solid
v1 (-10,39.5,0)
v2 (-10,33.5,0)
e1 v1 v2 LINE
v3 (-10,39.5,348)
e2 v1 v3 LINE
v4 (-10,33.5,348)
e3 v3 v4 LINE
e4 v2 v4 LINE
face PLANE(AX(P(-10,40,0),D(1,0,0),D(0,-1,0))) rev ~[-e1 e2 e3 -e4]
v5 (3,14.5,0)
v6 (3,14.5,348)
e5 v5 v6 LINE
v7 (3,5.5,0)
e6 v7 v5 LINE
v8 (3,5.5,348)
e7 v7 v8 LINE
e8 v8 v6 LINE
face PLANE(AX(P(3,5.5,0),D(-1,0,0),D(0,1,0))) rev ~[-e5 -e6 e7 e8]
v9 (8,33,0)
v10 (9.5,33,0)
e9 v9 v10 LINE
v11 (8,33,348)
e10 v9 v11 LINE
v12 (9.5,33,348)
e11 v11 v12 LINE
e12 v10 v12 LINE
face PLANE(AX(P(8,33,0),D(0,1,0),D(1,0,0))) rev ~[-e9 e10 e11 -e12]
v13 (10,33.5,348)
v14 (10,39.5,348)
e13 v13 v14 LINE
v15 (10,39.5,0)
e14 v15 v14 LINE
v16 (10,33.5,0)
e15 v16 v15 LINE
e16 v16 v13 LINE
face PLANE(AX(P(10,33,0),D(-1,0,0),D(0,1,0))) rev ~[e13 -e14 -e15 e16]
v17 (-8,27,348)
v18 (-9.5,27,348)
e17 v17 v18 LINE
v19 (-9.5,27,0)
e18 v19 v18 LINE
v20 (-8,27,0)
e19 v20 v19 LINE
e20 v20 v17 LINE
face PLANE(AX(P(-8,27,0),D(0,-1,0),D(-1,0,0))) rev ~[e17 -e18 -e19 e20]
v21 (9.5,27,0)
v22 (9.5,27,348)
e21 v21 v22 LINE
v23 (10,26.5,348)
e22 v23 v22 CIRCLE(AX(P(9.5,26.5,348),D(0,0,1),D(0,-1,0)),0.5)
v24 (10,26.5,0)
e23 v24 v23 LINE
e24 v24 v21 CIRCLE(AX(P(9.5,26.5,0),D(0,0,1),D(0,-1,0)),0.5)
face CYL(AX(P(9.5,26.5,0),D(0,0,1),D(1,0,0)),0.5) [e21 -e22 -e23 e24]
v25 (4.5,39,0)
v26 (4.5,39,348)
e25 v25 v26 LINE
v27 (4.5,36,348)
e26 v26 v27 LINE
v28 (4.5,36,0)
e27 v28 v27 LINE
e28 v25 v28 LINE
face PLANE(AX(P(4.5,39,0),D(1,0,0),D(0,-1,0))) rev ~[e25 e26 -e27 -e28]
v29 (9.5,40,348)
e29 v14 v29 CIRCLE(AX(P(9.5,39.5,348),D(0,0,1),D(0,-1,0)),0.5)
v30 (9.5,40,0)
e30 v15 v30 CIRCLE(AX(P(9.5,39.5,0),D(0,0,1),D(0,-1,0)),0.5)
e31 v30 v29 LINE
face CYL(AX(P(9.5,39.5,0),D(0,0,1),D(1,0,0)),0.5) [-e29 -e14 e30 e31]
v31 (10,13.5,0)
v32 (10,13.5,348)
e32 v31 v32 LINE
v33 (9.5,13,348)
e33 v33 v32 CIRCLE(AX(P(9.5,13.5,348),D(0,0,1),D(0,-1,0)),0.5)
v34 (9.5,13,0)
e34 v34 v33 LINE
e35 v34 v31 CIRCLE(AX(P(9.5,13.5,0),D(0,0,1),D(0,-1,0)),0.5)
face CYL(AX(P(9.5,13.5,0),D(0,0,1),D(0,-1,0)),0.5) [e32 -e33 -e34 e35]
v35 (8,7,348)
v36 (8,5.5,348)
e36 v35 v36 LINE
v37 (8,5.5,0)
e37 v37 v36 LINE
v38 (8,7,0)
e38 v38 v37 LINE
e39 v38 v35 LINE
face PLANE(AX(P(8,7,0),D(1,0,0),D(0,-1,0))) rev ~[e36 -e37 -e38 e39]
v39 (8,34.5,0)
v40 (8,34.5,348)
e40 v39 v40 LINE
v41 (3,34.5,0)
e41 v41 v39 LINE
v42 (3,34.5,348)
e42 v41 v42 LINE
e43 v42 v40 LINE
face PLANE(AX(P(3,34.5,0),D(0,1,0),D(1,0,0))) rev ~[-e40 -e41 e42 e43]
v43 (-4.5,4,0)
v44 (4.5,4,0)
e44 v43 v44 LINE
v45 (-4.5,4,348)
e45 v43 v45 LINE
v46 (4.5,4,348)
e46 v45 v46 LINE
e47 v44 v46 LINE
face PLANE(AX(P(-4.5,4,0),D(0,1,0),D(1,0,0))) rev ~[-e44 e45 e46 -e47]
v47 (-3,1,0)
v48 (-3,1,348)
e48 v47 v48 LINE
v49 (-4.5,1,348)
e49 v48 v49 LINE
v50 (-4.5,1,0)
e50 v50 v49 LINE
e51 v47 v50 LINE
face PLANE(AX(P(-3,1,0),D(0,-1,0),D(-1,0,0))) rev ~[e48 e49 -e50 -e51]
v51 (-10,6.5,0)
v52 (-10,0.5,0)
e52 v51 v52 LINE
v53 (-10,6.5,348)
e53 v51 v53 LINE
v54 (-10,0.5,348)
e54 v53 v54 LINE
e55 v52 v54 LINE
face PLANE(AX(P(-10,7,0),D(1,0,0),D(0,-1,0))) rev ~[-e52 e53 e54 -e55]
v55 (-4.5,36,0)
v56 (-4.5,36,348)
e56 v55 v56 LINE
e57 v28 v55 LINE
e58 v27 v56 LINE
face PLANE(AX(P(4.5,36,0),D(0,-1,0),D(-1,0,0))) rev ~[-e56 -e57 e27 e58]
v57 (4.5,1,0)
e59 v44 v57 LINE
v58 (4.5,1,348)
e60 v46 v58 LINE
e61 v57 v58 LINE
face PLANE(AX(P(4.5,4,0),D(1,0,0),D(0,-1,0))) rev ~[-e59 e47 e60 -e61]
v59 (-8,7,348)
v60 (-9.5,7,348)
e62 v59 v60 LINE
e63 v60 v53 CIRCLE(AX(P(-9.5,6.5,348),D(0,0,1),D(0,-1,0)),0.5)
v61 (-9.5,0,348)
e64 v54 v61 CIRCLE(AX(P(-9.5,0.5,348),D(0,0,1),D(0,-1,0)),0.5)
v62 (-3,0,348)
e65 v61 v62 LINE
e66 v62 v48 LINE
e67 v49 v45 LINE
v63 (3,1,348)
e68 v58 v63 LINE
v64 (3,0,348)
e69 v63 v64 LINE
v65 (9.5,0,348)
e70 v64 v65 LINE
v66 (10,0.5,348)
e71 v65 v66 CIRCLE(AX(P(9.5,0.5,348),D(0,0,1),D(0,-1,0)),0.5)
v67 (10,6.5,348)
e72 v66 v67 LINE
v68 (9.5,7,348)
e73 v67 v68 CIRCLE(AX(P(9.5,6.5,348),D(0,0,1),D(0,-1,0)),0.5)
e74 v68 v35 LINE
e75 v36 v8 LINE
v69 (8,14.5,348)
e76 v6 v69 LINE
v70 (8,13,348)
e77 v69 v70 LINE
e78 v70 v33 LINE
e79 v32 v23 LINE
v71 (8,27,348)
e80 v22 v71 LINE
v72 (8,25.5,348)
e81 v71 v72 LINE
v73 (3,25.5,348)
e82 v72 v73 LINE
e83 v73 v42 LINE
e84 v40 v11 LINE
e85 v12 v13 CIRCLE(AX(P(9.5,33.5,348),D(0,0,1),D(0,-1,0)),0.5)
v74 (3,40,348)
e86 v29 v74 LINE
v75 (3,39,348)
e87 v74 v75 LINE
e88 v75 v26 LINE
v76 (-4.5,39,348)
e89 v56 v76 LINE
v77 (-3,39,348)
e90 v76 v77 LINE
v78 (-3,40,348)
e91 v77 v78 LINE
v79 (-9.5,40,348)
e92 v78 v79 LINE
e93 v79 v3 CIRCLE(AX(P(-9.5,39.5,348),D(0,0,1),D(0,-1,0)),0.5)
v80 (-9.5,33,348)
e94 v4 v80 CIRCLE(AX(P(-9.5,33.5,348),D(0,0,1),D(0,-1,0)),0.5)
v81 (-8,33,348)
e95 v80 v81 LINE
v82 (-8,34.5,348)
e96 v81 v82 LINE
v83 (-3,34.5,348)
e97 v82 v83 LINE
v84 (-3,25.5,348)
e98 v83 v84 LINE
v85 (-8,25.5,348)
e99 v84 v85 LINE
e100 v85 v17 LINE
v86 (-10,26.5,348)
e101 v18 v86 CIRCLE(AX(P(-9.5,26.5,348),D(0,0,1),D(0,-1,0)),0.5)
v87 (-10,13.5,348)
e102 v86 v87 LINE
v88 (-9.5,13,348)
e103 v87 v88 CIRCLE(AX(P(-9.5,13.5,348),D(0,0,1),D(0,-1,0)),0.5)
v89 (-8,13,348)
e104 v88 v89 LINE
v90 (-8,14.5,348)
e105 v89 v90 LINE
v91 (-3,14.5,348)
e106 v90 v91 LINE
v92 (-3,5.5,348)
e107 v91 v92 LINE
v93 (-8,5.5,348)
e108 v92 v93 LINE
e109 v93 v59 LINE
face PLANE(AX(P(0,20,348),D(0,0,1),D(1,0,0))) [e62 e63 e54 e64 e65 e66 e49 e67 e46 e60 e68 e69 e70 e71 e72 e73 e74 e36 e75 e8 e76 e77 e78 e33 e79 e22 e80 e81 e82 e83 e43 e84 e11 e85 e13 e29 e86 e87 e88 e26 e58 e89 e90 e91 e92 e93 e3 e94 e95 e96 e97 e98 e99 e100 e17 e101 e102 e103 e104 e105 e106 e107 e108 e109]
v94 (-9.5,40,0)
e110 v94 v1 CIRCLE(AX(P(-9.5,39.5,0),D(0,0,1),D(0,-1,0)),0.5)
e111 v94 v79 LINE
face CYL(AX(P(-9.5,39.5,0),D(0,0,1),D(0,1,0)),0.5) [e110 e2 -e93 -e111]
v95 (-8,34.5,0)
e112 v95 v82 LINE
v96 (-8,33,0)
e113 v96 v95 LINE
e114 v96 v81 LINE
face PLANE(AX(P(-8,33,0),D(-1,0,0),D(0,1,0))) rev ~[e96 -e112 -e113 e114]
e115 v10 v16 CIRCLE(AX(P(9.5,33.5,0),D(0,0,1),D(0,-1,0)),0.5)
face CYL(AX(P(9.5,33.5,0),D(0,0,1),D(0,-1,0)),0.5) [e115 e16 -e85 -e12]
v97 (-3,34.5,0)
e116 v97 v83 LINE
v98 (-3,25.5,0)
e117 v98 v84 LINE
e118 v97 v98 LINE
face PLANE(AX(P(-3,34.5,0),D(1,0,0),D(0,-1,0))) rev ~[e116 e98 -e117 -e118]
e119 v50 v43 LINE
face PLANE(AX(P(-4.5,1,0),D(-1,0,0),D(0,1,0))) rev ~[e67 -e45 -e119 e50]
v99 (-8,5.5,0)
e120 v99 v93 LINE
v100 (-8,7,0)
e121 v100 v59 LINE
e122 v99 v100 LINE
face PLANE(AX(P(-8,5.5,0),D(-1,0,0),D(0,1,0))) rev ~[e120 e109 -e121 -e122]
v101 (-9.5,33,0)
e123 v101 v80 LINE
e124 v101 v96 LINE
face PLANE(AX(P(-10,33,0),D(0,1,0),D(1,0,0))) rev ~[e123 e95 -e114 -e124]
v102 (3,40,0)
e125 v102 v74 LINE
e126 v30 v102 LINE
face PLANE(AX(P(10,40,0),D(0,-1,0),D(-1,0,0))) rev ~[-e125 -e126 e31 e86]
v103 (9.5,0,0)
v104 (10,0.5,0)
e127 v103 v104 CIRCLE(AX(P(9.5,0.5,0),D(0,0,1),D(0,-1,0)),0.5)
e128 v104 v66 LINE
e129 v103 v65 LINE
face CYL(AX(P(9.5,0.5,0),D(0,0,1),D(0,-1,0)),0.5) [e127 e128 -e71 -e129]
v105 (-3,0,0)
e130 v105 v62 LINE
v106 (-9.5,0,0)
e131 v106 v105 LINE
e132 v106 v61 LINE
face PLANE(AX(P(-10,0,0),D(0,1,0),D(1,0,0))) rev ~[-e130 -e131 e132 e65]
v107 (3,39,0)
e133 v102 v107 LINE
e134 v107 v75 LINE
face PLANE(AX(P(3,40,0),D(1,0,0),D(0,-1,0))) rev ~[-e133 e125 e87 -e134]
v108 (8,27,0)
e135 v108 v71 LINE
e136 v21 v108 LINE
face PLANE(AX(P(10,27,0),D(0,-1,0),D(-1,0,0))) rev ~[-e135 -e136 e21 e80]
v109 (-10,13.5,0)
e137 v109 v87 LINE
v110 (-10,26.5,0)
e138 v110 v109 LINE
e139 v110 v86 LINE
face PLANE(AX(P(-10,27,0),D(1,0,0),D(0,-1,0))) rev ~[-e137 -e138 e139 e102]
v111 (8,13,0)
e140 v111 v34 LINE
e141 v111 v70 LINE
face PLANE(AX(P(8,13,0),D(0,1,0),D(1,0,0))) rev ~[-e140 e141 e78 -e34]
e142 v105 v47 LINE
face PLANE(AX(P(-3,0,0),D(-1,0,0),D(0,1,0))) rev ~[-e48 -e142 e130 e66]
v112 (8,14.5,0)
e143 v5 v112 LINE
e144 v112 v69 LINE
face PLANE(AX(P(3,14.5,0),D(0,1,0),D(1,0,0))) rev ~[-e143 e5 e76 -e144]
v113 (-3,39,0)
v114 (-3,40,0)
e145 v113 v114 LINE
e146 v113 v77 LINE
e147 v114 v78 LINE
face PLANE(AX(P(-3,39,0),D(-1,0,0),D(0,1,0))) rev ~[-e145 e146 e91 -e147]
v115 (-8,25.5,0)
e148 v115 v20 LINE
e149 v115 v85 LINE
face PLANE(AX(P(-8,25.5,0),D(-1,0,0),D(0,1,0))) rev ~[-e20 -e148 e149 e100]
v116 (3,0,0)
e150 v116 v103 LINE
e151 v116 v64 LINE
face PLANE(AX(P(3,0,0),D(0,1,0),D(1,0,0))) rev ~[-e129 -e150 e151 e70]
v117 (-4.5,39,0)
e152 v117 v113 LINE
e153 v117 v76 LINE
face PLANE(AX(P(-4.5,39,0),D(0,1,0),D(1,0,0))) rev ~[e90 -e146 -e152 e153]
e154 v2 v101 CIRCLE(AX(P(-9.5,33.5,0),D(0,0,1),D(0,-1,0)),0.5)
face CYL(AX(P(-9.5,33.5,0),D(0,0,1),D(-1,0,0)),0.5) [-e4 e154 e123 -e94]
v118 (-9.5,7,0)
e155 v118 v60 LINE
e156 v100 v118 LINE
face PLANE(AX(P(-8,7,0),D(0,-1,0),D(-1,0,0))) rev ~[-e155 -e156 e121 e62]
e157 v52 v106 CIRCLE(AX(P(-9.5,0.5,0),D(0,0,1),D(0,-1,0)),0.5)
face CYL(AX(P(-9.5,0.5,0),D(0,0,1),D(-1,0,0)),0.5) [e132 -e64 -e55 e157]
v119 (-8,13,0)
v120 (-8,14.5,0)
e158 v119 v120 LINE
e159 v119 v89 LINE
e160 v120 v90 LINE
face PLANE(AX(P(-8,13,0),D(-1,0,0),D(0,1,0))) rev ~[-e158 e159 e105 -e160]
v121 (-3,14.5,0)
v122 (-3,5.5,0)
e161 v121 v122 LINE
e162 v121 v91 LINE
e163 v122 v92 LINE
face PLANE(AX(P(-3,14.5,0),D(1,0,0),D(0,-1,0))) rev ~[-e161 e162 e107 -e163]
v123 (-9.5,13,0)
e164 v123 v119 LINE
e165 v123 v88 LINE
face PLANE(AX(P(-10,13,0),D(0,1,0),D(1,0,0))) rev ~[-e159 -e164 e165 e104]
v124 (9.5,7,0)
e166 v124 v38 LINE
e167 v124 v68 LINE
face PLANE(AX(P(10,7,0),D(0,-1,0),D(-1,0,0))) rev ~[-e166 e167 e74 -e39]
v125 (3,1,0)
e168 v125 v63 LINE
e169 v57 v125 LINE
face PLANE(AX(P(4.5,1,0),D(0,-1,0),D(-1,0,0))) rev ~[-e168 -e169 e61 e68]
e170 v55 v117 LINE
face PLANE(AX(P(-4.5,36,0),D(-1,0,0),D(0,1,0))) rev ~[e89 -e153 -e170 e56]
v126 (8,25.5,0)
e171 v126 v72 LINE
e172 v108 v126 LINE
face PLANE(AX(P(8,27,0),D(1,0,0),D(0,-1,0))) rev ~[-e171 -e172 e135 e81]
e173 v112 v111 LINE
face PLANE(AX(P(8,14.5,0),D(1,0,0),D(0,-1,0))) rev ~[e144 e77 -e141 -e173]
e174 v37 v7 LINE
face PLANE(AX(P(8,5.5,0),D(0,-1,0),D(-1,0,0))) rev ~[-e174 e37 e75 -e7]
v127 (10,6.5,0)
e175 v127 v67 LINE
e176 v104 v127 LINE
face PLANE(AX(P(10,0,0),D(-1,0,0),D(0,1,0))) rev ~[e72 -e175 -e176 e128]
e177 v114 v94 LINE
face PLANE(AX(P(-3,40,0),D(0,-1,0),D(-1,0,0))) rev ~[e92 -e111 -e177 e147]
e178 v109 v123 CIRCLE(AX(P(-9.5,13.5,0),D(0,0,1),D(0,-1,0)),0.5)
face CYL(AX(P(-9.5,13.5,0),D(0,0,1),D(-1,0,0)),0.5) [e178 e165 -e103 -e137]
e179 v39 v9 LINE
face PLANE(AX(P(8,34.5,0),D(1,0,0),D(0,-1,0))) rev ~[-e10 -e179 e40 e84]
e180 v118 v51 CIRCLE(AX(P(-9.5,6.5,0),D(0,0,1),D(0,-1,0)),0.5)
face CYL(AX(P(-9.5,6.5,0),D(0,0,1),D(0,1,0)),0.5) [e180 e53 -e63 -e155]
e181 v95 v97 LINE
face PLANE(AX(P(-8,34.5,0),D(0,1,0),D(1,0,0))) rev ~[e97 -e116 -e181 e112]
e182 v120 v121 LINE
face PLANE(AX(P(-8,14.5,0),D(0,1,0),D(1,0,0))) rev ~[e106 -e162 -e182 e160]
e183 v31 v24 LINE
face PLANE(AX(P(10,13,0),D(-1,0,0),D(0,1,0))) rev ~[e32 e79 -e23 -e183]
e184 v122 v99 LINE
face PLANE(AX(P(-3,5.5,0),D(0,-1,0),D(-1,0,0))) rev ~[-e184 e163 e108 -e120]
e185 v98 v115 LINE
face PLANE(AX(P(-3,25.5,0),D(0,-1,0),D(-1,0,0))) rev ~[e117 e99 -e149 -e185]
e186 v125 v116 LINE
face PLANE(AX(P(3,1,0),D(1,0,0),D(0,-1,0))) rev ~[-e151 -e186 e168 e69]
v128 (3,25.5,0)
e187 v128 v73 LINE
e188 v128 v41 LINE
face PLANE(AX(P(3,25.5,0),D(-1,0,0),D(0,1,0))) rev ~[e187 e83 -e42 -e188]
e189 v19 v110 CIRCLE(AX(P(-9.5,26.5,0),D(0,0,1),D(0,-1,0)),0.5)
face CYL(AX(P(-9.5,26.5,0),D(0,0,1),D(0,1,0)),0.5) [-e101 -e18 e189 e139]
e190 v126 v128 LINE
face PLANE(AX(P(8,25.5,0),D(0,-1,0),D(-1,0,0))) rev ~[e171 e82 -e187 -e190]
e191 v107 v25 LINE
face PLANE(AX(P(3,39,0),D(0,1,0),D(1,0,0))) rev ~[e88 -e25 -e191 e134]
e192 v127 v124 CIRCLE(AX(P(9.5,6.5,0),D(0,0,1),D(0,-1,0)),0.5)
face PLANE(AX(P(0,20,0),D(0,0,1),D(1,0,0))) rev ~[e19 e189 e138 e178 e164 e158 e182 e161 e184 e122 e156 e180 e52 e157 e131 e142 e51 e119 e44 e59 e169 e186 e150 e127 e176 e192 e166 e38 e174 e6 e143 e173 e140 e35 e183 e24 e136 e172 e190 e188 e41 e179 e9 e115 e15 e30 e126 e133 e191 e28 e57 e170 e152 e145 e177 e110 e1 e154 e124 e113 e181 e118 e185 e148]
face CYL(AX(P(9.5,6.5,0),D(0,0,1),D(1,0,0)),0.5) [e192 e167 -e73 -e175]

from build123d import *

# Parameters (mm, degrees)
EXTRUDE_1_DEPTH = 348
FILLET_1_R      = 0.5


with BuildPart() as part:
    # 草圖1 → 填料-伸長1 (new body)
    with BuildSketch(Plane.XY):
        Polygon((-4.5, 4), (4.5, 4), (4.5, 1), (3, 1), (3, 0), (10, 0), (10, 7), (8, 7), (8, 5.5), (3, 5.5), (3, 14.5), (8, 14.5), (8, 13), (10, 13), (10, 27), (8, 27), (8, 25.5), (3, 25.5), (3, 34.5), (8, 34.5), (8, 33), (10, 33), (10, 40), (3, 40), (3, 39), (4.5, 39), (4.5, 36), (-4.5, 36), (-4.5, 39), (-3, 39), (-3, 40), (-10, 40), (-10, 33), (-8, 33), (-8, 34.5), (-3, 34.5), (-3, 25.5), (-8, 25.5), (-8, 27), (-10, 27), (-10, 13), (-8, 13), (-8, 14.5), (-3, 14.5), (-3, 5.5), (-8, 5.5), (-8, 7), (-10, 7), (-10, 0), (-3, 0), (-3, 1), (-4.5, 1), align=None)
    extrude(amount=EXTRUDE_1_DEPTH)

    # 圓角1
    fillet_1_edges = [part.edges().sort_by_distance(p)[0] for p in [
        (-10, 0, 174),
        (-10, 7, 174),
        (-10, 13, 174),
        (-10, 27, 174),
        (-10, 33, 174),
        (-10, 40, 174),
        (10, 40, 174),
        (10, 33, 174),
        (10, 27, 174),
        (10, 13, 174),
        (10, 7, 174),
        (10, 0, 174),
    ]]
    fillet(fillet_1_edges, radius=FILLET_1_R)


solid = part.part
